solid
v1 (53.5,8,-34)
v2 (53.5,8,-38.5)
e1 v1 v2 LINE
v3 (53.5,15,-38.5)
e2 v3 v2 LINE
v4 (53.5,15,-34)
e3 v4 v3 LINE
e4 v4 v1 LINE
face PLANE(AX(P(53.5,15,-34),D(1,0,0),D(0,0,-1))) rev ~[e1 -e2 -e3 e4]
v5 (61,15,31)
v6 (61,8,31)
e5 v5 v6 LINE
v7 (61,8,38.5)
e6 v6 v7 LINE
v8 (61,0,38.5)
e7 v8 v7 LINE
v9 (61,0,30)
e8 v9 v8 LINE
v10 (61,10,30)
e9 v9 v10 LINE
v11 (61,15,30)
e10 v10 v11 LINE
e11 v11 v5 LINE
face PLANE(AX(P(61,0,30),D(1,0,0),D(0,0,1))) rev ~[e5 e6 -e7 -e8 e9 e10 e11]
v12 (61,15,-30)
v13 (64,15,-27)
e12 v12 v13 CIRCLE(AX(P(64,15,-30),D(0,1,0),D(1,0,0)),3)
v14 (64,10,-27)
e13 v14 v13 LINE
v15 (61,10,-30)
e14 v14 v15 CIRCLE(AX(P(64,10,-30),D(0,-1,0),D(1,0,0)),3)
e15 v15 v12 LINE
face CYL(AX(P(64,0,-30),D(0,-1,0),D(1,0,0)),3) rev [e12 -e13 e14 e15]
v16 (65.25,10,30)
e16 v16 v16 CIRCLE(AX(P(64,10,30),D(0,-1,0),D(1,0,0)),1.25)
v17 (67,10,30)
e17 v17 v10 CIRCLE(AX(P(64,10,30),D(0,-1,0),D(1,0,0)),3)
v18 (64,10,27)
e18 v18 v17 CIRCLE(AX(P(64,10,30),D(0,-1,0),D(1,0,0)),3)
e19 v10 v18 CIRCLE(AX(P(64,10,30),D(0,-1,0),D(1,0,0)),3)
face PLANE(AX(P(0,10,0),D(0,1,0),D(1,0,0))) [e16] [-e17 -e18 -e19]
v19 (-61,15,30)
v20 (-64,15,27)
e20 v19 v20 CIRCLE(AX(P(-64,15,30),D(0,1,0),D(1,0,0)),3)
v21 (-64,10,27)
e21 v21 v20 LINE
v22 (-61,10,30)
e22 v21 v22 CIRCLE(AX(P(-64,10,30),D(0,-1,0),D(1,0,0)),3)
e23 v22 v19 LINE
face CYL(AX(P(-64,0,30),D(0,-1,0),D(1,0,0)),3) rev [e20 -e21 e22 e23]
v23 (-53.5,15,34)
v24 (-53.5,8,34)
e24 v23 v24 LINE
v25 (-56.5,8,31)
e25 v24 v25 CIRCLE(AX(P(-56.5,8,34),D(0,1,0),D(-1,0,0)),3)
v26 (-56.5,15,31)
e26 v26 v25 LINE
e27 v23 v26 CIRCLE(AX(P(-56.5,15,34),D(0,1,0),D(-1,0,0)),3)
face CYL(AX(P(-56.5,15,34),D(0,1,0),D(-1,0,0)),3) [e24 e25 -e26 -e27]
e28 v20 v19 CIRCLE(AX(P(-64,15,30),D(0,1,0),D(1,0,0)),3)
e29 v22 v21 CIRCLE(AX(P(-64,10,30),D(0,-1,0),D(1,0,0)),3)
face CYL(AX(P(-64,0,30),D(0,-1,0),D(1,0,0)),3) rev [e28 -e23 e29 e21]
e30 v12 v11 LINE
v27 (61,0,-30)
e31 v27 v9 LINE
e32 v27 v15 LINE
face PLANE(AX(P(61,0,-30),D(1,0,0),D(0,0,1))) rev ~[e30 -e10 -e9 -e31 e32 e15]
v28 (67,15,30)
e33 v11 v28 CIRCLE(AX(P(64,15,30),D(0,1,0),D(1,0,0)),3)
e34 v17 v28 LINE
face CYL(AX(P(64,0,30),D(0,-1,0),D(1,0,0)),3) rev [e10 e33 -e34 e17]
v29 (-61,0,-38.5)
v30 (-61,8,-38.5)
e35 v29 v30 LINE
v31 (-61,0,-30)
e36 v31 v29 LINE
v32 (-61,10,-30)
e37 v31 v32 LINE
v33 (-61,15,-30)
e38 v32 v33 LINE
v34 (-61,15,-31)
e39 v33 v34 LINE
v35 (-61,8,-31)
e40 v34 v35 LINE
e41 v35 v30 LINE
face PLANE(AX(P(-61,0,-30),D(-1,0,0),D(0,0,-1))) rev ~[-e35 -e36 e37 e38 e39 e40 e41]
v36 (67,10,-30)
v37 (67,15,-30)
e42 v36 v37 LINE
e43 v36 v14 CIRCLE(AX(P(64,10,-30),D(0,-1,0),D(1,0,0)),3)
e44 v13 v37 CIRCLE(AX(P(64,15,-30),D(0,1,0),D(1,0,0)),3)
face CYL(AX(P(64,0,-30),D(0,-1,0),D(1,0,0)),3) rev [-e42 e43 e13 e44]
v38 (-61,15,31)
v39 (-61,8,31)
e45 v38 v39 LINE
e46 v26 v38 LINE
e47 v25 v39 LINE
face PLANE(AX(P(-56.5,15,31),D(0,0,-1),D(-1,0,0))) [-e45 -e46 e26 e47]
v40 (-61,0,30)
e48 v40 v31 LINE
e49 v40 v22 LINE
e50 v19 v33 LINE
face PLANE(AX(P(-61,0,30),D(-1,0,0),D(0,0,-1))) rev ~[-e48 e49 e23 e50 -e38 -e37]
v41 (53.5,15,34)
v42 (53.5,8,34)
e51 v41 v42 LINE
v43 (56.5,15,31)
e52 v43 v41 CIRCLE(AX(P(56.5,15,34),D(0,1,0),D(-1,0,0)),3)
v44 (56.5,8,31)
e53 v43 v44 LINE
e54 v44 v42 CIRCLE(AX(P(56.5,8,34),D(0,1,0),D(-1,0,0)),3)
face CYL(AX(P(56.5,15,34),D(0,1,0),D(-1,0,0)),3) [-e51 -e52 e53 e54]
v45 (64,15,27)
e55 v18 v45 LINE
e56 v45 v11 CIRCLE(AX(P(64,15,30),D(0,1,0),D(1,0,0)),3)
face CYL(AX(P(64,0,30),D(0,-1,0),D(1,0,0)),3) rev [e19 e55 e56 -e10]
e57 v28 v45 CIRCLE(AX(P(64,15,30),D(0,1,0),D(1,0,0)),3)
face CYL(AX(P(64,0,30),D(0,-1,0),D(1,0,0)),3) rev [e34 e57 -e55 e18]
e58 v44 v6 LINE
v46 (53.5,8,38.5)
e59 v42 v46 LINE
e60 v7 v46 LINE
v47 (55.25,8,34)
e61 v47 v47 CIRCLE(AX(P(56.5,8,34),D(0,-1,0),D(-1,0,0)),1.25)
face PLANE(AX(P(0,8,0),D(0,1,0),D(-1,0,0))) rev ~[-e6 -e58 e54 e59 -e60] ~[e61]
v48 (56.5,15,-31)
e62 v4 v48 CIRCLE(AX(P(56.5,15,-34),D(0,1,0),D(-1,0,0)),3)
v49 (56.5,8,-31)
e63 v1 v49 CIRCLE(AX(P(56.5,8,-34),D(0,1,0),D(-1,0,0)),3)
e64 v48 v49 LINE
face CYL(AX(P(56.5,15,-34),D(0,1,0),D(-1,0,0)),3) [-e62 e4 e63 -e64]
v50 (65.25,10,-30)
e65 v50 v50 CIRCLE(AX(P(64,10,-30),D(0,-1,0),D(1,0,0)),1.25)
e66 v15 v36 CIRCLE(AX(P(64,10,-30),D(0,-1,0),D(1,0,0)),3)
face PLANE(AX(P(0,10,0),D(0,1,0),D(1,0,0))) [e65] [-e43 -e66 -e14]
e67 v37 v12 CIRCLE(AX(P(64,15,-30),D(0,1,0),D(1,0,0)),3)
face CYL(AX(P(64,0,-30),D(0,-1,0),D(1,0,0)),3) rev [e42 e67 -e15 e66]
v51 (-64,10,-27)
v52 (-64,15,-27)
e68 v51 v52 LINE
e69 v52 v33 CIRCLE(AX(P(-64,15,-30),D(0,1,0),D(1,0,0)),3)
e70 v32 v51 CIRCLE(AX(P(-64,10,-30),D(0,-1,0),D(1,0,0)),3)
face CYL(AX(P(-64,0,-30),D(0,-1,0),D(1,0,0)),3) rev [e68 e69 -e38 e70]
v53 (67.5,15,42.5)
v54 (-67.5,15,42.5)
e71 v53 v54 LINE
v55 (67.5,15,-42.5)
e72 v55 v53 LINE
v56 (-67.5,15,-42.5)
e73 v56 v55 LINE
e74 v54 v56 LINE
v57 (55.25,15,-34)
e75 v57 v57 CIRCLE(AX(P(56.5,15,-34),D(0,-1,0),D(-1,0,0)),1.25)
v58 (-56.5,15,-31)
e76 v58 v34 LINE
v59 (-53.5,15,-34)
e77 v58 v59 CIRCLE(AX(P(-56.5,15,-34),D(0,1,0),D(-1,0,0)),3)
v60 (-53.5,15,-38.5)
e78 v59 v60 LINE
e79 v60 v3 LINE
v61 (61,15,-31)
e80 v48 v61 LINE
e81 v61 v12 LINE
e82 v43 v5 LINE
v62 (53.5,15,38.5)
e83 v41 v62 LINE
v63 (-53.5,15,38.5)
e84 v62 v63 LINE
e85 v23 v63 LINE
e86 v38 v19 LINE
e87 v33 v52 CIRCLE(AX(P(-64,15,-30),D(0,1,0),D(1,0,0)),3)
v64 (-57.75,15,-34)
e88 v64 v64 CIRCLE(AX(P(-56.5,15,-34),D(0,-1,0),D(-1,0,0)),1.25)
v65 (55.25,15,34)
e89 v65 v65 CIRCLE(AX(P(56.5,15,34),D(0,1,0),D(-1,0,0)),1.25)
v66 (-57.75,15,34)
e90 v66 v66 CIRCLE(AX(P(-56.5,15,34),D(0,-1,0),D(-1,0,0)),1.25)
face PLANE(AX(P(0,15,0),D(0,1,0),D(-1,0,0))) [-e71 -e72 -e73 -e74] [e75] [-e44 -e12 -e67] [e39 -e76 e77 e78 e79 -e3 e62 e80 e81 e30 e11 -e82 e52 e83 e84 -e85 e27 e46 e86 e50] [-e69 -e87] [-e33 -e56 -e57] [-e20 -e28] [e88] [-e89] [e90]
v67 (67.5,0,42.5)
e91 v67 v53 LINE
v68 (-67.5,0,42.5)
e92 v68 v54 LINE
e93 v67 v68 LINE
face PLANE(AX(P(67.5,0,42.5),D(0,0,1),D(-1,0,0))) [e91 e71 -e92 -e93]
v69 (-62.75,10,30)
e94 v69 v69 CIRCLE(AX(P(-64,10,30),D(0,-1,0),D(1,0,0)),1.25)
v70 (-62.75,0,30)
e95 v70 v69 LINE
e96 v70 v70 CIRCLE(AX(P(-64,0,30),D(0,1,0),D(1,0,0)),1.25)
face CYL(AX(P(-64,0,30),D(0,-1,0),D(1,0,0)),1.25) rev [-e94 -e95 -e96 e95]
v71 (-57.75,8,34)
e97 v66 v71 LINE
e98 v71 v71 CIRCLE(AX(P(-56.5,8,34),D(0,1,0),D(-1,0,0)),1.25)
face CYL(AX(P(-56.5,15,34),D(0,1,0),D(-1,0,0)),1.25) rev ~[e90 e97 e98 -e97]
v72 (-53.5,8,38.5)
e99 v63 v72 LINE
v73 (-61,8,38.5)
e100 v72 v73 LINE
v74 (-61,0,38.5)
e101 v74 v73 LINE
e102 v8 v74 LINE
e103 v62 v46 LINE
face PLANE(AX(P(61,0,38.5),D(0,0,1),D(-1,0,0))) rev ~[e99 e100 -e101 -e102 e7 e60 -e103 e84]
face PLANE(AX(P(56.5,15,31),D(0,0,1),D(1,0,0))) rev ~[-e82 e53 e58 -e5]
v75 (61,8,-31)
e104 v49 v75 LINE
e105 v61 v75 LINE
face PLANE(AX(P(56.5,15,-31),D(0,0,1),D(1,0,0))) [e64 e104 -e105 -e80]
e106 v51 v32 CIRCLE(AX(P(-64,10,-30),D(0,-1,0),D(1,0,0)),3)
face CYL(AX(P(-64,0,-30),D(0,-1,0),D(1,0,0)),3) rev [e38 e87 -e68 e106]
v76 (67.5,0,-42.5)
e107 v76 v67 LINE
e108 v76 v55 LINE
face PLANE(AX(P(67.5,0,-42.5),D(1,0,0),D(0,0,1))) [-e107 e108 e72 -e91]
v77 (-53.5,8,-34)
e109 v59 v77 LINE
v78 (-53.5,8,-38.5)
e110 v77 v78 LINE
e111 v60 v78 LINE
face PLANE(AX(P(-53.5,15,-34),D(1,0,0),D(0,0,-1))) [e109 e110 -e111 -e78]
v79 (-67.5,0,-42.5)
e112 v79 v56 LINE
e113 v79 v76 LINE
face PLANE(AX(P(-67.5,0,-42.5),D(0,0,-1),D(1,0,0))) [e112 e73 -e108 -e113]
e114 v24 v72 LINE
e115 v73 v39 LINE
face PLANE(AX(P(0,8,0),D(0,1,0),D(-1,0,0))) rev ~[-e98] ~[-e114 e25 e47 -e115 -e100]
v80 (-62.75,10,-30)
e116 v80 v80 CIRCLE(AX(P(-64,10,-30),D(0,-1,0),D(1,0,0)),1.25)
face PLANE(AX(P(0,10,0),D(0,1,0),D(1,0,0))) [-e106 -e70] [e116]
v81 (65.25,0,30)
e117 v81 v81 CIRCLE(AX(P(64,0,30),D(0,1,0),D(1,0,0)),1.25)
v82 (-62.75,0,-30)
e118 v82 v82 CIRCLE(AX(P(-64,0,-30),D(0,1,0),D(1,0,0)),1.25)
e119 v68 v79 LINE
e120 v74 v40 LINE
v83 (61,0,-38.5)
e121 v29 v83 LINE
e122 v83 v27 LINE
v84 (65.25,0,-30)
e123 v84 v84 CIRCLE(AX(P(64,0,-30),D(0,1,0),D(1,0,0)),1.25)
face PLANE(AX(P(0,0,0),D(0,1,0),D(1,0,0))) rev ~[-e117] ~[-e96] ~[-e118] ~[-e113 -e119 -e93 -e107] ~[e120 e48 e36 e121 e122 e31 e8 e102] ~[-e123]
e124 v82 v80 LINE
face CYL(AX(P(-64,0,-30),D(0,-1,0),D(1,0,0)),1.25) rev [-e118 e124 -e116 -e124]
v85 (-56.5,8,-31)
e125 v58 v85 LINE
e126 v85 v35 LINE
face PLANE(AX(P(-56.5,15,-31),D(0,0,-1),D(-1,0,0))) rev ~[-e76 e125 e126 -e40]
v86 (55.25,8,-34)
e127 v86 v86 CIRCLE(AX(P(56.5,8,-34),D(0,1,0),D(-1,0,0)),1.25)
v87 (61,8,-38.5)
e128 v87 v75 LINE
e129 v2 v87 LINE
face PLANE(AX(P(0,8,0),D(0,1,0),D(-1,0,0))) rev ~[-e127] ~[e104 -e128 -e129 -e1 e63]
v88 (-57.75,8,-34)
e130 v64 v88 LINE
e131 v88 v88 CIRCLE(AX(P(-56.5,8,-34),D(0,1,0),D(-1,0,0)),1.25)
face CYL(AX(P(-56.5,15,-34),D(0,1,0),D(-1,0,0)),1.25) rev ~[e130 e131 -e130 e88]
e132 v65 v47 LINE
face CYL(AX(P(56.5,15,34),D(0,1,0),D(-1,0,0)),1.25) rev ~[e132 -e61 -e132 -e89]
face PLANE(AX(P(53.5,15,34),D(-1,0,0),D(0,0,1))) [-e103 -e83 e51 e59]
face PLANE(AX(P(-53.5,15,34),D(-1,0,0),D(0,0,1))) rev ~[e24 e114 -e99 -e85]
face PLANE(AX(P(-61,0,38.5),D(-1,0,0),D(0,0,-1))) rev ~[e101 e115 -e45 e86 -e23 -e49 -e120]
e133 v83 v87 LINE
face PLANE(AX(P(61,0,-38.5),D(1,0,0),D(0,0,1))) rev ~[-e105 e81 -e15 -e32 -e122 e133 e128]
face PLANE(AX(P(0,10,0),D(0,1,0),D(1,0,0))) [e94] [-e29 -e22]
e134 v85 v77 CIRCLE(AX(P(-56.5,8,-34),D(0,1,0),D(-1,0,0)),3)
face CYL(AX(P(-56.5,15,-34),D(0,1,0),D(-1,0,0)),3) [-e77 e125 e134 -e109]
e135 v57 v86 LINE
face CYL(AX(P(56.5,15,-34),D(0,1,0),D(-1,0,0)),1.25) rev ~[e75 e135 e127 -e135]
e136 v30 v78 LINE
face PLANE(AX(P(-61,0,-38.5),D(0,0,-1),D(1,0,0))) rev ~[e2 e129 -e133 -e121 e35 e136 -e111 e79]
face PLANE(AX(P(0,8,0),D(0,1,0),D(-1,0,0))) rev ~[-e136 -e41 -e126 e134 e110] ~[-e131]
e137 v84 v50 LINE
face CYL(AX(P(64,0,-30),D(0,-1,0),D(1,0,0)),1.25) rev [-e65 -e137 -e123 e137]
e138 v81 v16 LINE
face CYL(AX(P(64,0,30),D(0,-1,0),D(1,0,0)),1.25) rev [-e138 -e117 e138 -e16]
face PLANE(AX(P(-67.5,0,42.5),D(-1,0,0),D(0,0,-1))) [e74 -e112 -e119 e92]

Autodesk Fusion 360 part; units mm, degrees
sketch "Sketch1" plane through (0, 0, 0) normal (0, 1, 0) x (1, 0, 0)
  line L0 (56.5, -34) -> (-56.5, -34)
  line L1 (-56.5, -34) -> (-56.5, 34)
  line L2 (-56.5, 34) -> (56.5, 34)
  line L3 (56.5, 34) -> (56.5, -34)
  line L4 (56.5, -34) -> (-56.5, 34) construction
  line L5 (-56.5, -34) -> (56.5, 34) construction
  line L6 (64, 30) -> (-64, 30)
  line L7 (-64, 30) -> (-64, -30)
  line L8 (-64, -30) -> (64, -30)
  line L9 (64, -30) -> (64, 30)
  line L10 (64, 30) -> (-64, -30) construction
  line L11 (-64, 30) -> (64, -30) construction
  circle A0 centre (64, 30) radius 1.25
  line L12 (60.5, -38) -> (-60.5, -38)
  line L13 (-60.5, -38) -> (-60.5, 38)
  line L14 (-60.5, 38) -> (60.5, 38)
  line L15 (60.5, 38) -> (60.5, -38)
  line L16 (60.5, -38) -> (-60.5, 38) construction
  line L17 (-60.5, -38) -> (60.5, 38) construction
  circle A1 centre (-56.5, 34) radius 1.25
  circle A2 centre (-56.5, 34) radius 3
  circle A3 centre (56.5, 34) radius 1.25
  circle A4 centre (56.5, 34) radius 3
  circle A5 centre (56.5, -34) radius 1.25
  circle A6 centre (56.5, -34) radius 3
  circle A7 centre (-56.5, -34) radius 1.25
  circle A8 centre (-56.5, -34) radius 3
  circle A9 centre (64, -30) radius 1.25
  circle A10 centre (-64, -30) radius 1.25
  circle A11 centre (-64, 30) radius 1.25
  circle A12 centre (-64, 30) radius 3
  circle A13 centre (64, 30) radius 3
  circle A14 centre (64, -30) radius 3
  circle A15 centre (-64, -30) radius 3
  line L18 (61, -38.5) -> (-61, -38.5)
  line L19 (-61, -38.5) -> (-61, 38.5)
  line L20 (-61, 38.5) -> (61, 38.5)
  line L21 (61, 38.5) -> (61, -38.5)
  line L22 (61, -38.5) -> (-61, 38.5) construction
  line L23 (-61, -38.5) -> (61, 38.5) construction
  line L24 (67.5, -42.5) -> (-67.5, -42.5)
  line L25 (-67.5, -42.5) -> (-67.5, 42.5)
  line L26 (-67.5, 42.5) -> (67.5, 42.5)
  line L27 (67.5, 42.5) -> (67.5, -42.5)
  line L28 (67.5, -42.5) -> (-67.5, 42.5) construction
  line L29 (-67.5, -42.5) -> (67.5, 42.5) construction
  dimension "d1" = 113
  dimension "d2" = 68
  dimension "d3" = 128
  dimension "d4" = 60
  dimension "d5" = 2.5
  dimension "d6" = 121
  dimension "d7" = 76
  dimension "d8" = 2.5
  dimension "d9" = 6
  dimension "d10" = 2.5
  dimension "d11" = 6
  dimension "d12" = 2.5
  dimension "d13" = 6
  dimension "d14" = 2.5
  dimension "d15" = 6
  dimension "d16" = 2.5
  dimension "d17" = 2.5
  dimension "d18" = 2.5
  dimension "d19" = 6
  dimension "d20" = 6
  dimension "d21" = 6
  dimension "d22" = 6
  dimension "d25" = 122
  dimension "d26" = 77
  dimension "d27" = 135
  dimension "d28" = 85
extrude "Extrude1" add sketch "Sketch1" along normal blind 8 contours L0 L1 A7 A8 | L0 L1 A7 A8 | L0 L3 A5 A6 | L0 L3 A5 A6 | L1 L2 A1 A2 | L1 L2 A1 A2 | L2 L3 A3 A4 | L2 L3 A3 A4 makes body 1 at (-53.5149, 5.3333, -34.2987) makes body 2 at (-53.5149, 2.6667, 33.7013) makes body 3 at (59.4851, 2.6667, -34.2987) makes body 4 at (59.4851, 2.6667, 33.7013)
extrude "Extrude2" add sketch "Sketch1" along normal blind 15 separate body contours L7 A12 A15 L19 | L9 A13 A14 L21 | L24 L25 L26 L27 makes body 5
extrude "Extrude3" add sketch "Sketch1" along normal blind 10 separate body contours L7 L8 A10 A15 | L7 L8 A10 A15 | L8 L9 A9 A14 | L8 L9 A9 A14 | L6 L7 A11 A12 | L6 L7 A11 A12 | L6 L9 A0 A13 | L6 L9 A0 A13 makes body 6 at (64.5209, 6.6667, 32.9544) makes body 7 at (-61.0149, 6.6667, 29.7013) makes body 8 at (64.9555, 3.3333, -32.8438) makes body 9 at (-61.0149, 3.3333, -30.2987)
sketch "Sketch2" plane through (0, 15, 0) normal (0, 1, 0) x (-1, 0, 0)
  line L0 (61, -38.5) -> (-61, -38.5)
  line L1 (-61, -38.5) -> (-61, -30)
  circle A0 centre (-64, -30) radius 3
  line L2 (-61, -30) -> (-61, 30)
  circle A1 centre (-64, 30) radius 3
  line L3 (-61, 30) -> (-61, 38.5)
  line L4 (-61, 38.5) -> (61, 38.5)
  line L5 (61, 38.5) -> (61, 30)
  circle A2 centre (64, 30) radius 3
  line L6 (61, 30) -> (61, -30)
  circle A3 centre (64, -30) radius 3
  line L7 (61, -30) -> (61, -38.5)
  line L8 (-67.5, -42.5) -> (67.5, -42.5)
  line L9 (67.5, -42.5) -> (67.5, 42.5)
  line L10 (67.5, 42.5) -> (-67.5, 42.5)
  line L11 (-67.5, 42.5) -> (-67.5, -42.5)
  line L12 (-56.5, -34) -> (56.5, -34)
  line L13 (56.5, -34) -> (56.5, 34)
  line L14 (56.5, 34) -> (-56.5, 34)
  line L15 (-56.5, 34) -> (-56.5, -34)
  line L16 (-56.5, -34) -> (56.5, 34) construction
  line L17 (56.5, -34) -> (-56.5, 34) construction
  circle A4 centre (56.5, -34) radius 1.25
  circle A5 centre (56.5, -34) radius 3
  line L18 (56.5, -31) -> (61, -31)
  line L19 (53.5, -34) -> (53.5, -38.5)
  line L20 (0, 0) -> (0, -46.2304) construction
  line L21 (0, 0) -> (-40.9385, 0) construction
  line L22 (-53.5, -34) -> (-53.5, -38.5)
  circle A6 centre (-56.5, -34) radius 3
  circle A7 centre (-56.5, -34) radius 1.25
  line L23 (-56.5, -31) -> (-61, -31)
  line L24 (56.5, 31) -> (61, 31)
  circle A8 centre (56.5, 34) radius 3
  circle A9 centre (56.5, 34) radius 1.25
  line L25 (53.5, 34) -> (53.5, 38.5)
  line L26 (-56.5, 31) -> (-61, 31)
  circle A10 centre (-56.5, 34) radius 3
  circle A11 centre (-56.5, 34) radius 1.25
  line L27 (-53.5, 34) -> (-53.5, 38.5)
  dimension "d33" = 113
  dimension "d34" = 68
  dimension "d35" = 2.5
  dimension "d36" = 6
extrude "Extrude4" add sketch "Sketch2" against normal blind 7 separate body contours L0 L7 A5 L18 L19 | L0 L1 L22 A6 L23 | L12 L13 A4 A5 | L12 L13 A4 A5 | L12 L15 A6 A7 | L12 L15 A6 A7 | L13 L14 A8 A9 | L4 L5 L24 A8 L25 | L13 L14 A8 A9 | L14 L15 A10 A11 | L3 L4 L26 A10 L27 | L14 L15 A10 A11 makes body 10 at (-57.4576, 12.6667, 34.8035) makes body 11 at (55.5036, 10.3333, -34.7548) makes body 12 at (57.6746, 12.6667, 33.5725) makes body 13 at (-55.3254, 10.3333, -33.5725)
combine "Combine1" operation add target body 13 tool bodies 12 11 10 5 9 8 7 6
hidden bodies 1 2 3 4
